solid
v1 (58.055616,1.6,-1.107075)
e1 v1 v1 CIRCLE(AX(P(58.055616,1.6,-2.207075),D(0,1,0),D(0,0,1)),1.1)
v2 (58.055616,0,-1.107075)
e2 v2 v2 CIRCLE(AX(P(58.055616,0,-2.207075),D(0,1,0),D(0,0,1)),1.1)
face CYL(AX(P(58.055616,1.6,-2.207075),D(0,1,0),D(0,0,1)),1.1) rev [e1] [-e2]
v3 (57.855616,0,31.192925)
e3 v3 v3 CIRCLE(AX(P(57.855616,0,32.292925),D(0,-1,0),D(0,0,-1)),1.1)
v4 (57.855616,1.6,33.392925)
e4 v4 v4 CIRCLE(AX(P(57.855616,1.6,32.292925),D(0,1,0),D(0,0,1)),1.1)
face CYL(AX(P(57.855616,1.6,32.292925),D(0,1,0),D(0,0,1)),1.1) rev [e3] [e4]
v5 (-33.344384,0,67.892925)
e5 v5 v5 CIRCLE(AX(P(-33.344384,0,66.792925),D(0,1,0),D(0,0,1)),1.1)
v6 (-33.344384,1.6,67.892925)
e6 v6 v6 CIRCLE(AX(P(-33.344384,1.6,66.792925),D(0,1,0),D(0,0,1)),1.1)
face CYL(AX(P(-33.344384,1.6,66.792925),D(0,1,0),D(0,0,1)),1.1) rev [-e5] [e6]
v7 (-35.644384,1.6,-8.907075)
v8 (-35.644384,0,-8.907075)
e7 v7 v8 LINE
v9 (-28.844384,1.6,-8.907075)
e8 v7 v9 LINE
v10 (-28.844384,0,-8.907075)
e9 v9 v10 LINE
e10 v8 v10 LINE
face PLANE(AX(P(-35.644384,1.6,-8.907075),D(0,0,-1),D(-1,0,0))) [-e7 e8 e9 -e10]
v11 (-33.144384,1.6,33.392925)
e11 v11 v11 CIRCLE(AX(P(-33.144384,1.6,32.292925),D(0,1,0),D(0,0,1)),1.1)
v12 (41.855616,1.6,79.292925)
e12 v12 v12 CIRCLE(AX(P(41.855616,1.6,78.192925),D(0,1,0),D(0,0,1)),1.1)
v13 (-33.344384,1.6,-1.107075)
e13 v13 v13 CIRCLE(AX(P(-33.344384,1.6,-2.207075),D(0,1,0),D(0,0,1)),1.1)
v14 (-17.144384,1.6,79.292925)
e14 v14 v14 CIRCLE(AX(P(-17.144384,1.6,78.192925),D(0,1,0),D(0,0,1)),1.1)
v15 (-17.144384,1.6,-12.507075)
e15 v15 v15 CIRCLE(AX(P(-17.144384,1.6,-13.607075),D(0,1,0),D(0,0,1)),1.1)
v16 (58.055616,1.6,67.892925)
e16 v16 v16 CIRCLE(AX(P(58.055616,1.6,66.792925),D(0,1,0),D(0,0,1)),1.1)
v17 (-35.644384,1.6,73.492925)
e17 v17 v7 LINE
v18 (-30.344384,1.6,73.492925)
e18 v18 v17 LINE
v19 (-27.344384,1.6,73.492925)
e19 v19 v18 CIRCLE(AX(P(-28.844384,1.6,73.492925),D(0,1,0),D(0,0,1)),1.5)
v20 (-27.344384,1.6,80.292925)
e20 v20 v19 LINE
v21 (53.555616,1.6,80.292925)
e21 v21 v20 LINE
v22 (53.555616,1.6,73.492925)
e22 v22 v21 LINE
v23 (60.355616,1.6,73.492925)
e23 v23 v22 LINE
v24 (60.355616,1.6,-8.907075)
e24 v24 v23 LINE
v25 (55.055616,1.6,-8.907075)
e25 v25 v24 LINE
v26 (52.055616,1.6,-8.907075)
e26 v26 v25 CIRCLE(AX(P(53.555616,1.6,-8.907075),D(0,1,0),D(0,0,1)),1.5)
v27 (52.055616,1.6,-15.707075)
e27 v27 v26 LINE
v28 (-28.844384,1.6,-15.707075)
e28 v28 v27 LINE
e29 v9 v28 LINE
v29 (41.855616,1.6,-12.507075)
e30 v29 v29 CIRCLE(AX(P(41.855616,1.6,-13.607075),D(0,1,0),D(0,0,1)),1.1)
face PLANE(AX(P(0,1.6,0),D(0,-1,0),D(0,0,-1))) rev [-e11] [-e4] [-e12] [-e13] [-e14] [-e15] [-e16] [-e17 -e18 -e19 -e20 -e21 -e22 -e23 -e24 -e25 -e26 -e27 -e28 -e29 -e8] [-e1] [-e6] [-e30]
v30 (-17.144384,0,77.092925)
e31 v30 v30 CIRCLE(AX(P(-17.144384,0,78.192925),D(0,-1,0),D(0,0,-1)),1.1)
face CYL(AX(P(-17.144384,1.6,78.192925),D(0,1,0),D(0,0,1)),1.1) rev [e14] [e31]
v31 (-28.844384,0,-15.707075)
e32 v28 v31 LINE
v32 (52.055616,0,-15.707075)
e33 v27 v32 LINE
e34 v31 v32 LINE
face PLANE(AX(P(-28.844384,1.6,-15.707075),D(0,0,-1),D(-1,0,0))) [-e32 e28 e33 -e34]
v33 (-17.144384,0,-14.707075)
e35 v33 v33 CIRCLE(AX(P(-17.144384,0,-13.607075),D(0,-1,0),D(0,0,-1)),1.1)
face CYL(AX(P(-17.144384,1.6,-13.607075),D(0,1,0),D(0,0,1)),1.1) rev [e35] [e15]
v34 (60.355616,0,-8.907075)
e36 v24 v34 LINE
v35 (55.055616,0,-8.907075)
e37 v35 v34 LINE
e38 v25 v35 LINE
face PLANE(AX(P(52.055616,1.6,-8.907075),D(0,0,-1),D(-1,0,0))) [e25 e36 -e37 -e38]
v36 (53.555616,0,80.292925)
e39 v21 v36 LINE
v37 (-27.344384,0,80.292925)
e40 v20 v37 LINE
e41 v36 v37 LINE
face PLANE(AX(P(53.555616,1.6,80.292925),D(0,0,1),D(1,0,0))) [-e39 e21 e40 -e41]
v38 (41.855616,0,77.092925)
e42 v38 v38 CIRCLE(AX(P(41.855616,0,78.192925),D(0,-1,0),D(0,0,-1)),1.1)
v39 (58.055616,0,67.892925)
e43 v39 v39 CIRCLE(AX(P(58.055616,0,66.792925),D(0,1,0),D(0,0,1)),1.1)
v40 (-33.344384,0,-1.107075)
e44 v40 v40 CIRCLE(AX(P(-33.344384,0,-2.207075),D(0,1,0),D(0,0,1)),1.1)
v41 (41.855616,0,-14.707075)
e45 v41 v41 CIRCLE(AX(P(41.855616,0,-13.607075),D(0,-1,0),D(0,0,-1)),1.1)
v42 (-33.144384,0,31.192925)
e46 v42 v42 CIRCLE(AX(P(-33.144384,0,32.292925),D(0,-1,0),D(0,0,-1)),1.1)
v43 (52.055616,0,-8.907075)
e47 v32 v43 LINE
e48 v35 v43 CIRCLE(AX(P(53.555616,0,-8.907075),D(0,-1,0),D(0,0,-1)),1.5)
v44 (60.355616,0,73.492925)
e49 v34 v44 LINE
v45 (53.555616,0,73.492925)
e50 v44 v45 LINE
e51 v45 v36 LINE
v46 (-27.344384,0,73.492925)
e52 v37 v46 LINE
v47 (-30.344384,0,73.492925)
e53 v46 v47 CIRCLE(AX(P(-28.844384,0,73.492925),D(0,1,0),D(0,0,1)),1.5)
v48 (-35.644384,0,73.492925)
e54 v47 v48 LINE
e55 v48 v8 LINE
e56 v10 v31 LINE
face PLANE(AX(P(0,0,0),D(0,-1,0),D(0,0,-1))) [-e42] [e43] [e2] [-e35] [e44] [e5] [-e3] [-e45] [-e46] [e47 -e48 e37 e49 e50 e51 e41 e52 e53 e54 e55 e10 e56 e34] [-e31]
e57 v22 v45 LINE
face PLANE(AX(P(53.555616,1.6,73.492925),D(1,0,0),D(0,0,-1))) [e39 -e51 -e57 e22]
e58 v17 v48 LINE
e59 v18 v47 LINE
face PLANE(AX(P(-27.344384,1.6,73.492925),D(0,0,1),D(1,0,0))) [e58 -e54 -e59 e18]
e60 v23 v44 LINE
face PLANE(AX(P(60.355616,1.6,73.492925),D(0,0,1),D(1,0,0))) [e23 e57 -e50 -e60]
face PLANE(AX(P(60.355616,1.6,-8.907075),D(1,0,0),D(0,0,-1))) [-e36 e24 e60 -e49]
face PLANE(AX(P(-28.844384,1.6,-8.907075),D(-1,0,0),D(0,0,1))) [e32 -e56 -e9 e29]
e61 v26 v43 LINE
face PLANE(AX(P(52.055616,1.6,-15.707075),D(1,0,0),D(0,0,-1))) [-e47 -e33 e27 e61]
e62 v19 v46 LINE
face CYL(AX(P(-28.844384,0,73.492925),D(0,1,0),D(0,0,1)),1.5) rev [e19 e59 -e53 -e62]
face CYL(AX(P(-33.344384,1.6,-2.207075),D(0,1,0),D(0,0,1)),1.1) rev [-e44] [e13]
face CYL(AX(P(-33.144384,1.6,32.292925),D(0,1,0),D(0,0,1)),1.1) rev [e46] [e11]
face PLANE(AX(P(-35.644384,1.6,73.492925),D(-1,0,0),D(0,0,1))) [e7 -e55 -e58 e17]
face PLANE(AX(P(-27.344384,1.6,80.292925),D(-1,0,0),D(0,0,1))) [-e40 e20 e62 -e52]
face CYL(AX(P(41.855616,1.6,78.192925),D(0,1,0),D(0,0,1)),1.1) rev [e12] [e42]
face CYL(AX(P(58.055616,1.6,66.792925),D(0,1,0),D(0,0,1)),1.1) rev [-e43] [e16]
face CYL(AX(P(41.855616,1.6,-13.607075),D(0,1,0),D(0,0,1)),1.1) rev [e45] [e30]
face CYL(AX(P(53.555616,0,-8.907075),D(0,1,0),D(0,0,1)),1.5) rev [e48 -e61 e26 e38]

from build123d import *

# Parameters (mm, degrees)
BOSS_EXTRUDE1_DEPTH         = 1.6
HOLE_WIZARD_2_2_2_2_1_D     = 2.2
HOLE_WIZARD_2_2_2_2_1_DEPTH = 2
SKETCH12_R                  = 1.5
CUT_EXTRUDE1_DEPTH          = 2.6
HOLE_WIZARD_2_2_2_2_2_D     = 2.2
HOLE_WIZARD_2_2_2_2_2_DEPTH = 1.6


with BuildPart() as part:
    # Sketch1 → Boss-Extrude1 (new body)
    with BuildSketch(Plane(origin=(0, 0, 0), x_dir=(1, 0, 0), z_dir=(0, 1, 0))):
        Polygon((-35.644384454, 8.907074992), (-28.844384454, 8.907074992), (-28.844384454, 15.707074992), (52.055615546, 15.707074992), (52.055615546, 8.907074992), (60.355615546, 8.907074992), (60.355615546, -73.492925008), (53.555615546, -73.492925008), (53.555615546, -80.292925008), (-27.344384454, -80.292925008), (-27.344384454, -73.492925008), (-35.644384454, -73.492925008), align=None)
    extrude(amount=BOSS_EXTRUDE1_DEPTH)

    # Ø2.2 (2.2) 直径の穴1
    with Locations(Plane(origin=(0, 1.6, 0), x_dir=(1, 0, 0), z_dir=(0, 1, 0))):
        with Locations((57.855615546, -32.292925008), (-33.144384454, -32.292925008), (41.855615546, -78.192925008), (41.855615546, 13.607074992), (-17.144384454, 13.607074992), (-17.144384454, -78.192925008)):
            Hole(HOLE_WIZARD_2_2_2_2_1_D / 2, depth=HOLE_WIZARD_2_2_2_2_1_DEPTH)

    # Sketch12 → Cut-Extrude1 (cut, through all)
    with BuildSketch(Plane(origin=(0, 1.6, 0), x_dir=(1, 0, 0), z_dir=(0, 1, 0))):
        with Locations((53.555615546, 8.907074992)):
            Circle(SKETCH12_R)
        with Locations((-28.844384454, -73.492925008)):
            Circle(SKETCH12_R)
    extrude(amount=-CUT_EXTRUDE1_DEPTH, mode=Mode.SUBTRACT)

    # Ø2.2 (2.2) 直径の穴2
    with Locations(Plane(origin=(0, 1.6, 0), x_dir=(1, 0, 0), z_dir=(0, 1, 0))):
        with Locations((-33.344384454, 2.207074992), (-33.344384454, -66.792925008), (58.055615546, -66.792925008), (58.055615546, 2.207074992)):
            Hole(HOLE_WIZARD_2_2_2_2_2_D / 2, depth=HOLE_WIZARD_2_2_2_2_2_DEPTH)


solid = part.part
